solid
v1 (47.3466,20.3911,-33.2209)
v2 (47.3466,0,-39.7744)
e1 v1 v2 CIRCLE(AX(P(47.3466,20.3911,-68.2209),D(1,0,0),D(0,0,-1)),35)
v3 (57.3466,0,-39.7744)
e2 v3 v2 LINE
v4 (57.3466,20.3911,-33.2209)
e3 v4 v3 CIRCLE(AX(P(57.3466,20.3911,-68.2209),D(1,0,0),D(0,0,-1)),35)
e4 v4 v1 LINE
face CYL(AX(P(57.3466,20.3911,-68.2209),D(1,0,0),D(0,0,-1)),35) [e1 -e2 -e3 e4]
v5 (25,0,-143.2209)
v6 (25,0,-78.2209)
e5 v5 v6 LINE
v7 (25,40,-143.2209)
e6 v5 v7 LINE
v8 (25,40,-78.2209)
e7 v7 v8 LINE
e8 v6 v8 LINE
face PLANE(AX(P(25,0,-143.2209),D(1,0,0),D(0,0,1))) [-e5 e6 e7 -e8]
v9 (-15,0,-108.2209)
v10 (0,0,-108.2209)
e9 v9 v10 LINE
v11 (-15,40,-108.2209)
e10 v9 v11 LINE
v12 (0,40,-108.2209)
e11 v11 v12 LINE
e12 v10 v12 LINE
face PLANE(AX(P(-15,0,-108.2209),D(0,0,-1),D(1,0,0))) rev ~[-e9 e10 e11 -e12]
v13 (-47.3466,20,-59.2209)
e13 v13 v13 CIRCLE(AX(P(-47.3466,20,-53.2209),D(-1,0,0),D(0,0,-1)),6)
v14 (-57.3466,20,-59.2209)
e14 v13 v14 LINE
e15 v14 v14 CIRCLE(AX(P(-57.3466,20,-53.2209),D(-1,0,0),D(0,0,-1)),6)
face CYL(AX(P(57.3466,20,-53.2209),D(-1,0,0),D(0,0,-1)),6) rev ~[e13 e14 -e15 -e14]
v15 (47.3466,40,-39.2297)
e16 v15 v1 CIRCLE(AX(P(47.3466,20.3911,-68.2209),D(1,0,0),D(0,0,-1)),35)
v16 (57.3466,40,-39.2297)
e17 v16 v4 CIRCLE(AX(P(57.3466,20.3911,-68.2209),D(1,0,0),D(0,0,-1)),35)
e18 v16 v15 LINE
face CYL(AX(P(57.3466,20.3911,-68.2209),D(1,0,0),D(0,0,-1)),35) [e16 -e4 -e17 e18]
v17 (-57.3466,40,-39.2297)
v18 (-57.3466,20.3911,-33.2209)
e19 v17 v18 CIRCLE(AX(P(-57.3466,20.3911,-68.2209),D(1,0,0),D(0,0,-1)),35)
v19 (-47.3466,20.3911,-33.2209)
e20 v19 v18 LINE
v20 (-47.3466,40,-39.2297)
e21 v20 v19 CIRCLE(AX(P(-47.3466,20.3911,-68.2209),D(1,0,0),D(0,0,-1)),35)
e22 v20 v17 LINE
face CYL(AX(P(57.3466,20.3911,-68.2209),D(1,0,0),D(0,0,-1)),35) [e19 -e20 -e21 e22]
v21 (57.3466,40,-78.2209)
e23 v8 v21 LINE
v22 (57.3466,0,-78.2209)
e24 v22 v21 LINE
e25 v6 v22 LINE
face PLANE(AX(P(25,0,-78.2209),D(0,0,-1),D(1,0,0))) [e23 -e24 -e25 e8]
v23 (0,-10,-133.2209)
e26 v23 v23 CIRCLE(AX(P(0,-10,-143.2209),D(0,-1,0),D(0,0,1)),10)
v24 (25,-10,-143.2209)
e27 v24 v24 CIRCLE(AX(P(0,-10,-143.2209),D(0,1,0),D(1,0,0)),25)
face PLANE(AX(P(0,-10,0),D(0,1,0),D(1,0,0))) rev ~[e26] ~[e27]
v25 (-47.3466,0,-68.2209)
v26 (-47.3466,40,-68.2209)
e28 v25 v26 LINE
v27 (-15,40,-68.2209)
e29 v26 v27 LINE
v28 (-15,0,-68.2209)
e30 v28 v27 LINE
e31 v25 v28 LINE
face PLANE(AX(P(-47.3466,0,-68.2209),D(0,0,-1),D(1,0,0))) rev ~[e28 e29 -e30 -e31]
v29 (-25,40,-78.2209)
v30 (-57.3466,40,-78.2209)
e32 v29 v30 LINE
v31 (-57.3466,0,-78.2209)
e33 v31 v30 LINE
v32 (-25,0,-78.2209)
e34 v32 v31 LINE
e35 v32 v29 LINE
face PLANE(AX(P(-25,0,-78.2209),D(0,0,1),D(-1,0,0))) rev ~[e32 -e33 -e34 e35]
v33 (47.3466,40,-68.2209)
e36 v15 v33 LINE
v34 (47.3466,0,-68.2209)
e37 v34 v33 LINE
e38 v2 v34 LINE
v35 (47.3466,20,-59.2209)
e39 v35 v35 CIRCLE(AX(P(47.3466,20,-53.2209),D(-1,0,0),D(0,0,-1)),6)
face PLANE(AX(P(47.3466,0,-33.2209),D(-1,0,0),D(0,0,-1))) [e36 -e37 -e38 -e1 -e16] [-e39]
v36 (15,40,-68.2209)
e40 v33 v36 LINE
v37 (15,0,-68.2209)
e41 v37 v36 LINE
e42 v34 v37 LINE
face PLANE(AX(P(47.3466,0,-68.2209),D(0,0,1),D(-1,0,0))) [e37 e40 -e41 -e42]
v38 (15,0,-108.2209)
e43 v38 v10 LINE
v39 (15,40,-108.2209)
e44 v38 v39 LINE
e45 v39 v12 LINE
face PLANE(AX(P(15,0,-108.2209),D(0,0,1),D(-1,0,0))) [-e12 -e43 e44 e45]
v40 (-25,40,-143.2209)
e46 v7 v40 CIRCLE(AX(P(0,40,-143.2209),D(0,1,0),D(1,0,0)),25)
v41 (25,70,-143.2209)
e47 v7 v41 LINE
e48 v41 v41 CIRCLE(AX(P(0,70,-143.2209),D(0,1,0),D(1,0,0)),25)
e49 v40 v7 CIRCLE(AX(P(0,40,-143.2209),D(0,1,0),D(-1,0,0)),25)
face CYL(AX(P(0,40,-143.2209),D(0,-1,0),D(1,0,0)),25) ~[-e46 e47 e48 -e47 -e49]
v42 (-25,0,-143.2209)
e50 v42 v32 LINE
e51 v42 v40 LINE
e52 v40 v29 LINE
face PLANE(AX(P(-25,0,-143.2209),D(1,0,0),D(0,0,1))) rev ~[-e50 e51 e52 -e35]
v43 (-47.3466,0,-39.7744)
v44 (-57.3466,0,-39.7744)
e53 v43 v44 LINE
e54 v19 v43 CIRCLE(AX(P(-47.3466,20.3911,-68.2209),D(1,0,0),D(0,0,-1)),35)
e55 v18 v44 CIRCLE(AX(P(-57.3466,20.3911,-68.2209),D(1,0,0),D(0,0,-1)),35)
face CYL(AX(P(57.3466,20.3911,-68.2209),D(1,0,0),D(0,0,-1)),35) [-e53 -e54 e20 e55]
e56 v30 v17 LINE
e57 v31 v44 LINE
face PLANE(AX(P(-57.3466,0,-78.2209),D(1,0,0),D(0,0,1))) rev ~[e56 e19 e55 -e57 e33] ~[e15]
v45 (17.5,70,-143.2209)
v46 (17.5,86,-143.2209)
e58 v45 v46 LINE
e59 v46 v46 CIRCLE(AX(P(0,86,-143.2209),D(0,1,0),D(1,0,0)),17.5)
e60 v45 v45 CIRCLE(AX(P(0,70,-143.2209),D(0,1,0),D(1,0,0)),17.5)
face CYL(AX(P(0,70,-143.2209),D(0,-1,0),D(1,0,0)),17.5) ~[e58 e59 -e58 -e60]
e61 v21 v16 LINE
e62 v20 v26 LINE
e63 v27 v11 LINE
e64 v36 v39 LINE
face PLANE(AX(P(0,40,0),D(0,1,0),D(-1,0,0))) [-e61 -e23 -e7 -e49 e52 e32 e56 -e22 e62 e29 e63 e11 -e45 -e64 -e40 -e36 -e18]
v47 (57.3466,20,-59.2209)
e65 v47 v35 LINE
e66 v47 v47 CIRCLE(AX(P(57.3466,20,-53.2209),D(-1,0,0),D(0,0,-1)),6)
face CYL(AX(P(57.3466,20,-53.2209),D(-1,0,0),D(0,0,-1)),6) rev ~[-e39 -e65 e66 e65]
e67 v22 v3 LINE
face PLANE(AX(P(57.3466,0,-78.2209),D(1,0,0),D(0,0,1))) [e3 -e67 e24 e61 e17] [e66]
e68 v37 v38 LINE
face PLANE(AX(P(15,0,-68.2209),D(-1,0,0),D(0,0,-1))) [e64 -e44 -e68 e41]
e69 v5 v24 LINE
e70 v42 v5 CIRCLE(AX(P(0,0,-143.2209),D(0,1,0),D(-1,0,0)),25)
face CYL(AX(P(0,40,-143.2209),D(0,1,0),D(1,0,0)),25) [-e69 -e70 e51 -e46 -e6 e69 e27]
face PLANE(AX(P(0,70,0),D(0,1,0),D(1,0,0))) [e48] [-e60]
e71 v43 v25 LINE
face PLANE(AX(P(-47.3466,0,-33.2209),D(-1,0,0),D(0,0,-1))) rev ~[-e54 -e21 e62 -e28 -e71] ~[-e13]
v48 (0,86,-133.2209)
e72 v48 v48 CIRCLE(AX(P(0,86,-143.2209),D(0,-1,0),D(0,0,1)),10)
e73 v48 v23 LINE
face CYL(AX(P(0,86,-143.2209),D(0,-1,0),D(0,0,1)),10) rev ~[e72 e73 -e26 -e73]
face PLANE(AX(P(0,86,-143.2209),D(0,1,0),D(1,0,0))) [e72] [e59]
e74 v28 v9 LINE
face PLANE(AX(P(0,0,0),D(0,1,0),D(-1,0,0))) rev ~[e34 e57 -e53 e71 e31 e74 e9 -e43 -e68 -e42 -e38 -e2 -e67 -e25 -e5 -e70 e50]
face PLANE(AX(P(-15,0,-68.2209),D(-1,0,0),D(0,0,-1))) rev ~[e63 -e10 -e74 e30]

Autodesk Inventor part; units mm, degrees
ref_plane "YZ Plane" through (0, 0, 0) normal (1, 0, 0) x (0, 1, 0)
ref_plane "XZ Plane" through (0, 0, 0) normal (0, 1, 0) x (-1, 0, 0)
ref_plane "XY Plane" through (0, 0, 0) normal (0, 0, 1) x (1, 0, 0)
sketch "Szkic1" plane through (0, 0, 0) normal (0, 1, 0) x (-1, 0, 0)
  circle A0 centre (0, -143.2209) radius 25
  line L0 (25, -143.2209) -> (25, -78.2209)
  line L1 (25, -78.2209) -> (57.3466, -78.2209)
  line L2 (57.3466, -78.2209) -> (57.3466, -33.2209)
  line L3 (57.3466, -33.2209) -> (47.3466, -33.2209)
  line L4 (47.3466, -33.2209) -> (47.3466, -68.2209)
  line L5 (47.3466, -68.2209) -> (15, -68.2209)
  line L6 (15, -68.2209) -> (15, -108.2209)
  line L7 (15, -108.2209) -> (0, -108.2209)
  line L8 (0, -108.2209) -> (0, 0)
  line L9 (-25, -143.2209) -> (-25, -78.2209)
  line L10 (-25, -78.2209) -> (-57.3466, -78.2209)
  line L11 (-57.3466, -78.2209) -> (-57.3466, -33.2209)
  line L12 (-57.3466, -33.2209) -> (-47.3466, -33.2209)
  line L13 (-47.3466, -33.2209) -> (-47.3466, -68.2209)
  line L14 (-47.3466, -68.2209) -> (-15, -68.2209)
  line L15 (-15, -68.2209) -> (-15, -108.2209)
  line L16 (-15, -108.2209) -> (0, -108.2209)
  point P0 (7.5, -108.2209)
  point P1 (52.3466, -33.2209)
  dimension "d0" = 50
  dimension "d1" = 35
  dimension "d2" = 65
  dimension "d3" = 10
  dimension "d4" = 45
  dimension "d5" = 15
  dimension "d6" = 10
  dimension "d7" = 10
extrude "Wyciągnięcie proste1" add sketch "Szkic1" along normal blind 40 contours A0 L9 L10 L11 L12 L13 L14 L15 L16 L7 L6 L5 L4 L3 L2 L1 L0
sketch "Szkic2" plane through (0, 40, 0) normal (0, 1, 0) x (1, 0, 0)
  point P0 (0, 0)
sketch "Szkic3" plane through (0, 40, 0) normal (0, 1, 0) x (1, 0, 0)
  circle A0 centre (0, 143.2209) radius 25
  point P0 (0, 0)
extrude "Wyciągnięcie proste2" add sketch "Szkic3" along normal blind 30 and the other way blind 50
sketch "Szkic4" plane through (0, 70, -143.2209) normal (0, 1, 0) x (1, 0, 0)
  circle A0 centre (0, 0) radius 17.5
  point P0 (0, -143.2209)
  dimension "d14" = 35
extrude "Wyciągnięcie proste3" add sketch "Szkic4" along normal blind 16
sketch "Szkic5" plane through (0, 86, -143.2209) normal (0, 1, 0) x (1, 0, 0)
  point P0 (0, -143.2209)
  point P1 (0, 0)
hole "Otwór1" at (0, 86, -143.2209) direction (0, -1, 0) diameter 20 end through all
sketch "Szkic6" plane through (57.3466, 0, -33.2209) normal (1, 0, 0) x (0, 0, -1)
  line L0 (0, 0) -> (0, 40) projected
  circle A0 centre (35, 20.3911) radius 35
  line L1 (0, 0) -> (0, 40) projected
  line L2 (35, 40) -> (0, 40) projected
  line L3 (6.0088, 40) -> (0, 40)
  line L4 (35, 0) -> (0, 0) projected
  line L5 (0, 40) -> (0, 0)
  line L6 (0, 0) -> (6.5535, 0)
  point P0 (-33.2209, 0)
  point P1 (0, 20.3911)
  dimension "d24" = 70
extrude "Wyciągnięcie proste4" cut sketch "Szkic6" against normal through all contours L0 A0 L4 | L0 L2 A0
sketch "Szkic7" plane through (57.3466, 0, -78.2209) normal (1, 0, 0) x (0, 0, -1)
  line L0 (-38.4465, 0) -> (0, 0) projected
  arc A0 (-38.9912, 40) -> (-38.4465, 0) centre (-10, 20.3911) ccw projected
  point P0 (-78.2209, 0)
  point P1 (-25, 20)
  dimension "d27" = 20
  dimension "d28" = 15
hole "Otwór2" at (57.3466, 20, -53.2209) direction (-1, 0, 0) diameter 12 end through all
